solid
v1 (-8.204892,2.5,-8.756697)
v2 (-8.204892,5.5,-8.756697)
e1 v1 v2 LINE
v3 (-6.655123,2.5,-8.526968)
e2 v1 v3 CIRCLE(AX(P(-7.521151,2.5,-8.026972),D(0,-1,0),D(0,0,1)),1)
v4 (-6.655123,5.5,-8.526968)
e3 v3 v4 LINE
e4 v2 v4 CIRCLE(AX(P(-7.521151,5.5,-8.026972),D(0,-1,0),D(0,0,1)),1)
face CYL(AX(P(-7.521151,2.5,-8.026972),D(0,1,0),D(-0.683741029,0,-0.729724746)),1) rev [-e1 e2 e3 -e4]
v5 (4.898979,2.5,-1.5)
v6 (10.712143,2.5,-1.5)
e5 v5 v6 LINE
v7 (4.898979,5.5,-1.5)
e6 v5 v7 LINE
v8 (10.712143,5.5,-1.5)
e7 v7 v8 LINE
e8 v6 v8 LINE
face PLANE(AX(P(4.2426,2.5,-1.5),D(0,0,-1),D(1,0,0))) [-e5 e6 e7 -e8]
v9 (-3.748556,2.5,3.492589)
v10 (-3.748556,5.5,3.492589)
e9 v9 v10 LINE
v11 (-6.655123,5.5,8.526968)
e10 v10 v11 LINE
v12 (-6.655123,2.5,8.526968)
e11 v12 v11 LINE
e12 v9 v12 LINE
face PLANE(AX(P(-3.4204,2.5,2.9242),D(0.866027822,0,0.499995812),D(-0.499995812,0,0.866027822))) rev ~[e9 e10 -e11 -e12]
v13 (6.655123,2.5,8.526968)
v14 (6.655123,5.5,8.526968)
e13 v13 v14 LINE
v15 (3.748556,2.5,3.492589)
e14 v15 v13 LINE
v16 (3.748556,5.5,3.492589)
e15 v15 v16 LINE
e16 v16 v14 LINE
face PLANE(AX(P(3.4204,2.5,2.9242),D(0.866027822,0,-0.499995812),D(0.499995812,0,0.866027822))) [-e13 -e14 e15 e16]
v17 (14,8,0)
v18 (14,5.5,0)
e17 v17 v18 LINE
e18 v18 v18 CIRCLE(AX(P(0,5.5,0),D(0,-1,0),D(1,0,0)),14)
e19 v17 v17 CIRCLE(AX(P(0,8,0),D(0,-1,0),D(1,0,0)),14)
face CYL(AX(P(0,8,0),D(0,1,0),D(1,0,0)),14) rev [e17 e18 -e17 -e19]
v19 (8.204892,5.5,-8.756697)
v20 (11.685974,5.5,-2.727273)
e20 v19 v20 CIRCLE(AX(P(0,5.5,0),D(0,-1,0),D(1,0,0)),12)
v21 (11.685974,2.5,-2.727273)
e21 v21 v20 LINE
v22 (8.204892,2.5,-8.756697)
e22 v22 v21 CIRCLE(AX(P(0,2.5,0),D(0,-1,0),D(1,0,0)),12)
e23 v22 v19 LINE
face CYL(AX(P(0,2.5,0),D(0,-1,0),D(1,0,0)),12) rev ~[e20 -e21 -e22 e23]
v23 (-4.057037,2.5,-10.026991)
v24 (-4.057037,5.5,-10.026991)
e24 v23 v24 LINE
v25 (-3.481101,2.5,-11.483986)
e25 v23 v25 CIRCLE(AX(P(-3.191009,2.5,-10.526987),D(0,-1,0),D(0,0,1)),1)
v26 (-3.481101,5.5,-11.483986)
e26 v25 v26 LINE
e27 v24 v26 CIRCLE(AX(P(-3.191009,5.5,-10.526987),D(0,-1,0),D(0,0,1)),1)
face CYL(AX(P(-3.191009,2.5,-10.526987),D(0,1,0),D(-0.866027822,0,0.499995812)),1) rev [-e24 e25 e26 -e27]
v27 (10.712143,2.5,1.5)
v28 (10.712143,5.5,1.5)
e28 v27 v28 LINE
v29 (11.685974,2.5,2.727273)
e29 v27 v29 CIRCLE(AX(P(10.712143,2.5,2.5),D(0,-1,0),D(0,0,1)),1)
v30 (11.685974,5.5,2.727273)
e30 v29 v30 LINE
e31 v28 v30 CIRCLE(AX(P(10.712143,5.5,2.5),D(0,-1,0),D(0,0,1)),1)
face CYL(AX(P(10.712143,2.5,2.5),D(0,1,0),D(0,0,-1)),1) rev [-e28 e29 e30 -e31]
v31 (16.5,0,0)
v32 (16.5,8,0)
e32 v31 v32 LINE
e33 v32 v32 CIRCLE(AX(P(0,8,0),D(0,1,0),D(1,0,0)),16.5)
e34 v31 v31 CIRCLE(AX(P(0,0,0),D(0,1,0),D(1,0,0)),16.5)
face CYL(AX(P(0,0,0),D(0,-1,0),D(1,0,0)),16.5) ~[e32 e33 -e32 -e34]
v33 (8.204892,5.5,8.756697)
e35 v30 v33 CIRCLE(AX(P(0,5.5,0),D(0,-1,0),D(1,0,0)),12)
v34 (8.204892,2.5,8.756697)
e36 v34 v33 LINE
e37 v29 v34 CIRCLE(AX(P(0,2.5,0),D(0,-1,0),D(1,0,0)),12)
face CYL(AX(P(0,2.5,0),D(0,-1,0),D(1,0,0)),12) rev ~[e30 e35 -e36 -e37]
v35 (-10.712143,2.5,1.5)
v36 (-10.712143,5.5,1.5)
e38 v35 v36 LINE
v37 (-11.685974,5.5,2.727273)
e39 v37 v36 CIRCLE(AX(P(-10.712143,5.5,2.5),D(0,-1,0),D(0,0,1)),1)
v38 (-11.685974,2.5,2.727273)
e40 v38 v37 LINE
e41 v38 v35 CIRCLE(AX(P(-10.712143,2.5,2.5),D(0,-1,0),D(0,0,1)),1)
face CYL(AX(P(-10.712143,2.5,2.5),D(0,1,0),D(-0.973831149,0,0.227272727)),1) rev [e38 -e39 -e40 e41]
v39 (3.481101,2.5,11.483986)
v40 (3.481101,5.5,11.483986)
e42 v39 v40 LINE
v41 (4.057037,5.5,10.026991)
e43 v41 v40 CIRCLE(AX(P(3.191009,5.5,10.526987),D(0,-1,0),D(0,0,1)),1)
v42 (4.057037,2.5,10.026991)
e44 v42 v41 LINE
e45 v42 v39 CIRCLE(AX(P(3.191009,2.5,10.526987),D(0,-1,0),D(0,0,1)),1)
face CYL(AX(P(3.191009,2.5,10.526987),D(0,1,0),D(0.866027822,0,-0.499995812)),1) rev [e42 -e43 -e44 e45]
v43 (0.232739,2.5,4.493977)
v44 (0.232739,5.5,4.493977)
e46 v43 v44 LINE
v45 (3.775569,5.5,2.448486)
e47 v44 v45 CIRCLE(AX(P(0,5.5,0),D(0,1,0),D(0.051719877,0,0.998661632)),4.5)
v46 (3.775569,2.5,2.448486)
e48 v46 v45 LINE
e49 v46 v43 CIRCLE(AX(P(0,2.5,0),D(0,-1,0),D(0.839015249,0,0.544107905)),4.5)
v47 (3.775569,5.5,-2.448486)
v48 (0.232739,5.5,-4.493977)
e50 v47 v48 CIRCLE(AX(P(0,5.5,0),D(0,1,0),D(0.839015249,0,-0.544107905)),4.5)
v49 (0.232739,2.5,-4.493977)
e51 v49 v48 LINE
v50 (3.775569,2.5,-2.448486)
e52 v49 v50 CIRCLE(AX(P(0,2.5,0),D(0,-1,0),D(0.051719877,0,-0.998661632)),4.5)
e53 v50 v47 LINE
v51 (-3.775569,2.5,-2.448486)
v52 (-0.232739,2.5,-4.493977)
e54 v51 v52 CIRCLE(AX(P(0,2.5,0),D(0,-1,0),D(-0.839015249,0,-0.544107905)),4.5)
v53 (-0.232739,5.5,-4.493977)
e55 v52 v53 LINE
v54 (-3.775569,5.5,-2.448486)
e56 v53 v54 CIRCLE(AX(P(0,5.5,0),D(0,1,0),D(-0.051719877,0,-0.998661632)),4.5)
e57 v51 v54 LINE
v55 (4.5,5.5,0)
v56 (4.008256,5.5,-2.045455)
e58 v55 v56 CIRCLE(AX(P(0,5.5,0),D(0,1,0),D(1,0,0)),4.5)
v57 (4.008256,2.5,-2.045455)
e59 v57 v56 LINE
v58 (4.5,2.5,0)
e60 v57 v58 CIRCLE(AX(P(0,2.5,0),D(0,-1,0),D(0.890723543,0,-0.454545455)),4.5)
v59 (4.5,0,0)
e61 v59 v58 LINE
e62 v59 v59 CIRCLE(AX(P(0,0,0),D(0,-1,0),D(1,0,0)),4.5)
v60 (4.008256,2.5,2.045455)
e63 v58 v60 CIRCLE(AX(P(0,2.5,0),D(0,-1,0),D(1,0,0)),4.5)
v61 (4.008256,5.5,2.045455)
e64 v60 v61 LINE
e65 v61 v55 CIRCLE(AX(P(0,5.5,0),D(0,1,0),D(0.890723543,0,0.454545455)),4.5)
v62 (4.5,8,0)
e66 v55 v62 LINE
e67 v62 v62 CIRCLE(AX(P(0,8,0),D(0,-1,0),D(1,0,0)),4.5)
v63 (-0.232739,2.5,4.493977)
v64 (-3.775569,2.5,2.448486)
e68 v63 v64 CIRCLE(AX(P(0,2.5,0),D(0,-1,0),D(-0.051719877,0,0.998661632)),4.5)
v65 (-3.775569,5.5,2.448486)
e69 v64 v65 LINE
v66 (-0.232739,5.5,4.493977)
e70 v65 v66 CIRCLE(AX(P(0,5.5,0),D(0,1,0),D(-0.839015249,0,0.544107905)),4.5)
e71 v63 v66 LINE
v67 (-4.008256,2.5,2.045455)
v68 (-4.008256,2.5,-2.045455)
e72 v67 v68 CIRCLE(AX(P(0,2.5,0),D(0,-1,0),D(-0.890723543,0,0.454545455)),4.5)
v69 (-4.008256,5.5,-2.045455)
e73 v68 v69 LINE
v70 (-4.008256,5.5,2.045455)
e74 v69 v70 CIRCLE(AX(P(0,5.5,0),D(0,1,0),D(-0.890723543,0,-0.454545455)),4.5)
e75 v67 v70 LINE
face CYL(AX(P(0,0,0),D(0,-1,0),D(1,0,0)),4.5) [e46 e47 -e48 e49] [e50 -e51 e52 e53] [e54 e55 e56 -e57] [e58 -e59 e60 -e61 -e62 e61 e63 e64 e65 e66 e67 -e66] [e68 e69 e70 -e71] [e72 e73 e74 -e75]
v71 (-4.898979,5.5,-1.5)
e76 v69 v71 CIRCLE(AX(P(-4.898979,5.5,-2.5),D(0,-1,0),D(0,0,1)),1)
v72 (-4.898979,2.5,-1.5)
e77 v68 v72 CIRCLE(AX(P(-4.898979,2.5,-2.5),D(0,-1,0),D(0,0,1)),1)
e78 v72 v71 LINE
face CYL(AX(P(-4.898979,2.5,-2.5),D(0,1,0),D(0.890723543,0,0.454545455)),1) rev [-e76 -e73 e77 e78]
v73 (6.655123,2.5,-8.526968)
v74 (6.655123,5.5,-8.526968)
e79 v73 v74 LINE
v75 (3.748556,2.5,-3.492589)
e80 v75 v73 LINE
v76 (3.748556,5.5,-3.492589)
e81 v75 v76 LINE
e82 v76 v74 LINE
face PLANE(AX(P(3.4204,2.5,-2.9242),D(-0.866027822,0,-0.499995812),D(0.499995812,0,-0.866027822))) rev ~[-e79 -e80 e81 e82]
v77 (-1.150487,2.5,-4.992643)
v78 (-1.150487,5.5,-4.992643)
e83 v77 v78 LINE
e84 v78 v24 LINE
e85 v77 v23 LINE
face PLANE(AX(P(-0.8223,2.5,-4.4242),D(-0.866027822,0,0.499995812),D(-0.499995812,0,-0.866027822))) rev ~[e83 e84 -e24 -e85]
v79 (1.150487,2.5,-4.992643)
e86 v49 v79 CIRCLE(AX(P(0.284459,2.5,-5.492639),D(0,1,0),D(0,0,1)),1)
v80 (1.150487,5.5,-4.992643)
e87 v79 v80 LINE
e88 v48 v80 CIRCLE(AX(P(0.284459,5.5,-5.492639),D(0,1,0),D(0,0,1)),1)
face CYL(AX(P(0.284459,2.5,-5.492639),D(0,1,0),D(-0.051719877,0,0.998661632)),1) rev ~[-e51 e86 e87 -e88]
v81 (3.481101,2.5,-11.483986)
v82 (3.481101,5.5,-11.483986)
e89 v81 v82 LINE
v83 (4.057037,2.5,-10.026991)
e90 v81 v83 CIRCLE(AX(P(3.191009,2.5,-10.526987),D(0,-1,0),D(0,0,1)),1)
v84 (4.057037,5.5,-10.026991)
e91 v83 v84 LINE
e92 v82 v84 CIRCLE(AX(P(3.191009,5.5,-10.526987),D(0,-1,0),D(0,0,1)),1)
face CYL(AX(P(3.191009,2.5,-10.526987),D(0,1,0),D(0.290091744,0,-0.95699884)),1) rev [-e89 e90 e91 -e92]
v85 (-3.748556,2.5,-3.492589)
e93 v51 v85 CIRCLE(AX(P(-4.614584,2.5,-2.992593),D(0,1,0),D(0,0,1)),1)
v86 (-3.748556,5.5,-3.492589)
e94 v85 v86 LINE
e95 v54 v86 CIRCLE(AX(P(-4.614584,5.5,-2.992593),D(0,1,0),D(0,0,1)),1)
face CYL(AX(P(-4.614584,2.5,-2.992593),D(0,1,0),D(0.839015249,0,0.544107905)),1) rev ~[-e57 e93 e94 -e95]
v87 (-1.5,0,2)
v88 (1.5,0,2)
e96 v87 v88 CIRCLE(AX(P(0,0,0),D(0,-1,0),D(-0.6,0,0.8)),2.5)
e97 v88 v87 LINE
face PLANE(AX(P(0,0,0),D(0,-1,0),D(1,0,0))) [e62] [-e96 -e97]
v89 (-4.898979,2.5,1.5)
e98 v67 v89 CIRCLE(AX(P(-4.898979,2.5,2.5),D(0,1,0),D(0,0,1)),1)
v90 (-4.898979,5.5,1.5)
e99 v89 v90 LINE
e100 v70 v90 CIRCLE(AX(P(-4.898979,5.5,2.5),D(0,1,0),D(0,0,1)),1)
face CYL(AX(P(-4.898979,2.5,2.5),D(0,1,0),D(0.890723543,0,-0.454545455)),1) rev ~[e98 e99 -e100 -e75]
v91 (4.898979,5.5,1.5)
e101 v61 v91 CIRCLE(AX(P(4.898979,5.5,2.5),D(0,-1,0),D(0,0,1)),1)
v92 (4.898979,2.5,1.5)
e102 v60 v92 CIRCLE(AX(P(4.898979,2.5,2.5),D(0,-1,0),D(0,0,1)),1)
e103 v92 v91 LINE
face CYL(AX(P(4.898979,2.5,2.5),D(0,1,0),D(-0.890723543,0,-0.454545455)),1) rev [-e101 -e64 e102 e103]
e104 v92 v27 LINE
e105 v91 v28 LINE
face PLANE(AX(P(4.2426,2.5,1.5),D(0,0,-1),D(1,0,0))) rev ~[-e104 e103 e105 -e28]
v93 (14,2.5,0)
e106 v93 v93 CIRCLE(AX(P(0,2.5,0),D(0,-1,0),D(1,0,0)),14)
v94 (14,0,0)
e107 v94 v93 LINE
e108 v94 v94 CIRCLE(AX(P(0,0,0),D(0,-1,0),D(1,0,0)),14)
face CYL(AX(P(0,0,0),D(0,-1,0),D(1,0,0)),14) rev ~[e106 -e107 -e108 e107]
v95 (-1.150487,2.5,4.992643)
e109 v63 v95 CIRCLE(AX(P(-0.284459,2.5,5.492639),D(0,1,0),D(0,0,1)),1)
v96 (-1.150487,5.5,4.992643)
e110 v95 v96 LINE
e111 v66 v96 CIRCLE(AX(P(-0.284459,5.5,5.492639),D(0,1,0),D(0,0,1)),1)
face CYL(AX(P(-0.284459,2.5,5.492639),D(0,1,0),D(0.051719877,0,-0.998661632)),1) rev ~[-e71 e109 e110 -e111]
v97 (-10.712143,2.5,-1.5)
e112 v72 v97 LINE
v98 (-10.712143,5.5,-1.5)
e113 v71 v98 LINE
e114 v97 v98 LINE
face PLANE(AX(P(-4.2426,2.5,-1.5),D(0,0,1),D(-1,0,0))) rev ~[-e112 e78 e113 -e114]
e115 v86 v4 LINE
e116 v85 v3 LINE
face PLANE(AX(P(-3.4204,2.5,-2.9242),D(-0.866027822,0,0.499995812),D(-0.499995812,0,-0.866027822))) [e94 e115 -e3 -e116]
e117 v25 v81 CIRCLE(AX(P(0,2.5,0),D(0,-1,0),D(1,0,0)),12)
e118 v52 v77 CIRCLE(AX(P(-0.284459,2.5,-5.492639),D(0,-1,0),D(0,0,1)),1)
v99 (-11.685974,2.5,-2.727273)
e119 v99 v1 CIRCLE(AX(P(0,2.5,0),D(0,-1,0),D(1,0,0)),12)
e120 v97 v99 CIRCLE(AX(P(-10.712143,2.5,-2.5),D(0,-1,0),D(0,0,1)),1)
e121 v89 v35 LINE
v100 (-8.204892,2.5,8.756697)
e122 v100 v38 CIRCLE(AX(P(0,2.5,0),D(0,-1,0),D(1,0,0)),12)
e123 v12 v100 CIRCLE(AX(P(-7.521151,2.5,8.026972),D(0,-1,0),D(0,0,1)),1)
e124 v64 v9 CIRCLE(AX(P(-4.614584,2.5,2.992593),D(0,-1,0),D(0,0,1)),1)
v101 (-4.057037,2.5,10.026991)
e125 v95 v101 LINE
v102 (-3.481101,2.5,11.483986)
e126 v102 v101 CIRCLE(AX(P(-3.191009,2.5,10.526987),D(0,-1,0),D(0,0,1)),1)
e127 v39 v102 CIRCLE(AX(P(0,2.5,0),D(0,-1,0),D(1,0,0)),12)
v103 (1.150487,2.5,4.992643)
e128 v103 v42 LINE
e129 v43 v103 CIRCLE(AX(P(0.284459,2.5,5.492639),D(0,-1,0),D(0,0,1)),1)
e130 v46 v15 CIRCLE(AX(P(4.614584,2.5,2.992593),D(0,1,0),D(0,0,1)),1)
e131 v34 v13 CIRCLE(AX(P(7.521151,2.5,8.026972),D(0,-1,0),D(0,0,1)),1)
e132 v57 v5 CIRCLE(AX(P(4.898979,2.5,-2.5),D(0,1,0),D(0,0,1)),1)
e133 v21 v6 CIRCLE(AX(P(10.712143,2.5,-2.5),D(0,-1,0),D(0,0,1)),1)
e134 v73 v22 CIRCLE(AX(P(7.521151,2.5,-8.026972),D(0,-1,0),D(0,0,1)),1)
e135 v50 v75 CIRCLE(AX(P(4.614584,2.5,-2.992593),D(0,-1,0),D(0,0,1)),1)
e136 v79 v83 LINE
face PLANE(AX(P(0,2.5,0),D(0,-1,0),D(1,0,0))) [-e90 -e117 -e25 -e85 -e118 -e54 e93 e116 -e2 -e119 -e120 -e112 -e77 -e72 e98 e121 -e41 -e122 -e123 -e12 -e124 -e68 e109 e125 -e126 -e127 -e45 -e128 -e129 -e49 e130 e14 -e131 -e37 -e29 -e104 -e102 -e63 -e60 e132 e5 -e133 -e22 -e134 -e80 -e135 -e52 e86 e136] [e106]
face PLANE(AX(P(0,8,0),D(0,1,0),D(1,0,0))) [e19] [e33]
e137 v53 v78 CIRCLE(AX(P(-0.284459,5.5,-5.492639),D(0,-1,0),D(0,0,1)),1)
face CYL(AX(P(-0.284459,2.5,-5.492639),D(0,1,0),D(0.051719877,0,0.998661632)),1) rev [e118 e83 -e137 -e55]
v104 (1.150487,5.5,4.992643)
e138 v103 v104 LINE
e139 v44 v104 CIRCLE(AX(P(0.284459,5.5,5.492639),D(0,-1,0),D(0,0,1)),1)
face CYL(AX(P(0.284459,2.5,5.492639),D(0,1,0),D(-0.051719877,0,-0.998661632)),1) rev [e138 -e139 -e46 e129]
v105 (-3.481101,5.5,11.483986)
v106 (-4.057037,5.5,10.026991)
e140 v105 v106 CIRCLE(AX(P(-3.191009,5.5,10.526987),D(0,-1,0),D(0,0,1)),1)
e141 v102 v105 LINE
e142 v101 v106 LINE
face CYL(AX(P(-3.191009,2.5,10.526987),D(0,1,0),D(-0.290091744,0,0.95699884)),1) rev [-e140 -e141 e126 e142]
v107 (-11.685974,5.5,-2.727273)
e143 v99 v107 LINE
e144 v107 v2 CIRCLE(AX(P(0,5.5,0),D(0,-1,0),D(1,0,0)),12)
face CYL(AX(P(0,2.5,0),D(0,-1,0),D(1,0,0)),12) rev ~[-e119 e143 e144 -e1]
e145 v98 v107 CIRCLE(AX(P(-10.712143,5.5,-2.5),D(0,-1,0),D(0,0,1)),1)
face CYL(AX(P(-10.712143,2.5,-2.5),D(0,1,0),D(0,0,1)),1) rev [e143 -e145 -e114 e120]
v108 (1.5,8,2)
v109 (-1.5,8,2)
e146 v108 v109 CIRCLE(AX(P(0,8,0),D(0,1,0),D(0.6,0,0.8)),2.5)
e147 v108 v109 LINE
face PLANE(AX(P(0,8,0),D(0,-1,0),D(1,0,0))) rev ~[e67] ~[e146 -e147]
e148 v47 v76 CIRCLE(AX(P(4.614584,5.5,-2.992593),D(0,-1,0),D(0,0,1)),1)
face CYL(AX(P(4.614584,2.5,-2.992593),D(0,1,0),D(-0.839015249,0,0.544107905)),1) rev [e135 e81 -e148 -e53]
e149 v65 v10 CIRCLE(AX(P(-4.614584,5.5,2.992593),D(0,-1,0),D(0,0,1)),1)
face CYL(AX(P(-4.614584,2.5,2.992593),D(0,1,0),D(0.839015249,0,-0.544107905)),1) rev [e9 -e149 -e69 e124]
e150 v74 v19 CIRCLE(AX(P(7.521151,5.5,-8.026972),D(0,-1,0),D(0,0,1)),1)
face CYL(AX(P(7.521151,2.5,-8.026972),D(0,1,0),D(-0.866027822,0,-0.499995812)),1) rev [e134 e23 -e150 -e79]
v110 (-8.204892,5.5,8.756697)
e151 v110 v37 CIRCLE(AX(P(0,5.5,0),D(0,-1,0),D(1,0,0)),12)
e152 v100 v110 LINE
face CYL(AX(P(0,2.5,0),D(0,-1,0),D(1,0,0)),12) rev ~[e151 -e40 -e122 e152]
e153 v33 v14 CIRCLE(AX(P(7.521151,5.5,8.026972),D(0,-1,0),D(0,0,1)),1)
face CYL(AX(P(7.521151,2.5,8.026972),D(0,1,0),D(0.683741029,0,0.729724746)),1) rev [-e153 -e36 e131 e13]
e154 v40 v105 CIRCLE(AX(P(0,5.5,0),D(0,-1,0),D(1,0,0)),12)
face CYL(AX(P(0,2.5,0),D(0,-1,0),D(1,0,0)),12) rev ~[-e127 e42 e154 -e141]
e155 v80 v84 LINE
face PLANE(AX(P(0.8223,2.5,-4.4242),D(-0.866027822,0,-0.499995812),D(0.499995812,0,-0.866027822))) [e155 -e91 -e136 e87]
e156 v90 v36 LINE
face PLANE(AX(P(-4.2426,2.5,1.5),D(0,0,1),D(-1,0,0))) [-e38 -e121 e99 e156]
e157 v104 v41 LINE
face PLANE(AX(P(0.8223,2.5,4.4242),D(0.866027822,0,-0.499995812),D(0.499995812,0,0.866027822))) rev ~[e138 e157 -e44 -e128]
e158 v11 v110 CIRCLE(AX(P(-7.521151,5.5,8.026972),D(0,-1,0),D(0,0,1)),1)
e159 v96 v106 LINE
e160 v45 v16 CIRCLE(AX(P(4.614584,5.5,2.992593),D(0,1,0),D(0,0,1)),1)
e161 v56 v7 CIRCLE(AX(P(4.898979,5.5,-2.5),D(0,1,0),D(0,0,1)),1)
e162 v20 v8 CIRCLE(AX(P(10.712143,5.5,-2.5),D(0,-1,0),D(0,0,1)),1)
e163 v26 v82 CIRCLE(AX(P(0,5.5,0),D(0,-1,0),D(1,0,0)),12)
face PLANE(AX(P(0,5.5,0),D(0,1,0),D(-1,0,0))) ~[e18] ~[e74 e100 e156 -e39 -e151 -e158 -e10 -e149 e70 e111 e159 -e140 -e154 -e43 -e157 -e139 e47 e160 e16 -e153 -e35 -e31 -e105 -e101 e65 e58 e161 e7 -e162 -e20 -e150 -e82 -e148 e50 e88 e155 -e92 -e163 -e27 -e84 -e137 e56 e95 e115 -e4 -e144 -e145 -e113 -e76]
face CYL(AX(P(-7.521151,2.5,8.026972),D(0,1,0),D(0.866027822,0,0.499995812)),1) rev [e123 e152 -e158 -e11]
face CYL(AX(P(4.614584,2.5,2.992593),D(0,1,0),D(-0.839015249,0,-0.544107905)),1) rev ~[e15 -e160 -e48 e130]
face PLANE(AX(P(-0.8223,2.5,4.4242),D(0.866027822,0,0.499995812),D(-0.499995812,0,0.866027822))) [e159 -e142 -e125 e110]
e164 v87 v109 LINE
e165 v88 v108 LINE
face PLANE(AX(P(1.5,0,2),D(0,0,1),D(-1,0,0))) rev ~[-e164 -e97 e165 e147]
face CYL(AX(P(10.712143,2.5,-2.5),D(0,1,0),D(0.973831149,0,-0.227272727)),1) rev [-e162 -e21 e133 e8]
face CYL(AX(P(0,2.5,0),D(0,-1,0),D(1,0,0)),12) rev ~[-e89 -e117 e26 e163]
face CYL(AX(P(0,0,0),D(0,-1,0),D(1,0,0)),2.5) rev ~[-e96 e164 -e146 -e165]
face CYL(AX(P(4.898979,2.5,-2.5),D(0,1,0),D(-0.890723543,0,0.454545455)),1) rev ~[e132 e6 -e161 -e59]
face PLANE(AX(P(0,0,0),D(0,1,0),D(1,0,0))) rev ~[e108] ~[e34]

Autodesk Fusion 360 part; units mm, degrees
sketch "Sketch1" plane through (0, 0, 0) normal (0, 1, 0) x (1, 0, 0)
  circle A0 centre (0, 0) radius 16.5
  dimension "d1" = 33
extrude "Extrude1" add sketch "Sketch1" along normal blind 8
ref_plane "WorkPlane1" through (0, 4, 0) normal (0, -1, 0) x (-1, 0, 0)
sketch "Sketch2" plane through (0, 0, 0) normal (0, -1, 0) x (1, 0, 0)
  circle A0 centre (0, 0) radius 16.5
  circle A1 centre (0, 0) radius 14
  dimension "d4" = -2.5
extrude "Extrude2" cut sketch "Sketch2" against normal blind 2.5 contours A1
mirror "Mirror1" about plane through (0, 4, 0) normal (0, -1, 0) of "Extrude2"
hole "Hole3" at (0, 2.5, 0) direction (0, 1, 0) diameter 5 end through all
sketch "Sketch5" plane through (0, 2.5, 0) normal (0, -1, 0) x (1, 0, 0)
  circle A0 centre (0, 0) radius 2.5
  circle A1 centre (0, 0) radius 14
  circle A2 centre (0, 0) radius 4.5
  dimension "d22" = 2
extrude "Extrude4" add sketch "Sketch5" against normal up to surface (8 mm away) from surface at 2.5 contours A2
sketch "Sketch8" plane through (0, 2.5, 0) normal (0, -1, 0) x (1, 0, 0)
  circle A0 centre (0, 0) radius 4.5
  circle A1 centre (0, 0) radius 14
  circle A2 centre (0, 0) radius 12
  line L0 (-4.5, 0) -> (-12, 0)
  line L1 (-4.2426, 1.5) -> (-11.9059, 1.5)
  line L2 (-4.2426, -1.5) -> (-11.9059, -1.5)
  line L3 (-3.4204, -2.9242) -> (-7.252, -9.5608)
  line L4 (-0.8223, -4.4242) -> (-4.6539, -11.0608)
  line L5 (0.8223, -4.4242) -> (4.6539, -11.0608)
  line L6 (3.4204, -2.9242) -> (7.252, -9.5608)
  line L7 (4.2426, -1.5) -> (11.9059, -1.5)
  line L8 (4.2426, 1.5) -> (11.9059, 1.5)
  line L9 (3.4204, 2.9242) -> (7.252, 9.5608)
  line L10 (0.8223, 4.4242) -> (4.6539, 11.0608)
  line L11 (-0.8223, 4.4242) -> (-4.6539, 11.0608)
  line L12 (-3.4204, 2.9242) -> (-7.252, 9.5608)
  dimension "d30" = -2
  dimension "d31" = 1.5
  dimension "d33" = 360
extrude "Extrude6" cut sketch "Sketch8" against normal through all contours A0 A2 L8 L9 | A0 A2 L6 L7 | A0 A2 L10 L11 | A0 A2 L4 L5 | A0 A2 L1 L12 | A0 A2 L2 L3
fillet "Fillet1" radius 1 24 edges at (11.9059, 4, 1.5) (4.2426, 4, 1.5) (3.4204, 4, 2.9242) (7.252, 4, 9.5608) (4.6539, 4, 11.0608) (0.8223, 4, 4.4242) (-0.8223, 4, 4.4242) (-4.6539, 4, 11.0608) (4.2426, 4, -1.5) (3.4204, 4, -2.9242) (11.9059, 4, -1.5) (7.252, 4, -9.5608) (0.8223, 4, -4.4242) (-0.8223, 4, -4.4242) (-4.6539, 4, -11.0608) (4.6539, 4, -11.0608) (-7.252, 4, 9.5608) (-11.9059, 4, 1.5) (-3.4204, 4, 2.9242) (-4.2426, 4, 1.5) (-11.9059, 4, -1.5) (-7.252, 4, -9.5608) (-3.4204, 4, -2.9242) (-4.2426, 4, -1.5)
sketch "Sketch9" plane through (0, 0, 0) normal (0, -1, 0) x (1, 0, 0)
  circle A0 centre (0, 0) radius 2.5
  circle A1 centre (0, 0) radius 4.5
  line L0 (1.5, 2) -> (-1.5, 2)
  dimension "d37" = 2
extrude "Extrude7" add sketch "Sketch9" against normal up to surface (8 mm away) contours A0 L0 picked at (-0.3999, 2.0645)
